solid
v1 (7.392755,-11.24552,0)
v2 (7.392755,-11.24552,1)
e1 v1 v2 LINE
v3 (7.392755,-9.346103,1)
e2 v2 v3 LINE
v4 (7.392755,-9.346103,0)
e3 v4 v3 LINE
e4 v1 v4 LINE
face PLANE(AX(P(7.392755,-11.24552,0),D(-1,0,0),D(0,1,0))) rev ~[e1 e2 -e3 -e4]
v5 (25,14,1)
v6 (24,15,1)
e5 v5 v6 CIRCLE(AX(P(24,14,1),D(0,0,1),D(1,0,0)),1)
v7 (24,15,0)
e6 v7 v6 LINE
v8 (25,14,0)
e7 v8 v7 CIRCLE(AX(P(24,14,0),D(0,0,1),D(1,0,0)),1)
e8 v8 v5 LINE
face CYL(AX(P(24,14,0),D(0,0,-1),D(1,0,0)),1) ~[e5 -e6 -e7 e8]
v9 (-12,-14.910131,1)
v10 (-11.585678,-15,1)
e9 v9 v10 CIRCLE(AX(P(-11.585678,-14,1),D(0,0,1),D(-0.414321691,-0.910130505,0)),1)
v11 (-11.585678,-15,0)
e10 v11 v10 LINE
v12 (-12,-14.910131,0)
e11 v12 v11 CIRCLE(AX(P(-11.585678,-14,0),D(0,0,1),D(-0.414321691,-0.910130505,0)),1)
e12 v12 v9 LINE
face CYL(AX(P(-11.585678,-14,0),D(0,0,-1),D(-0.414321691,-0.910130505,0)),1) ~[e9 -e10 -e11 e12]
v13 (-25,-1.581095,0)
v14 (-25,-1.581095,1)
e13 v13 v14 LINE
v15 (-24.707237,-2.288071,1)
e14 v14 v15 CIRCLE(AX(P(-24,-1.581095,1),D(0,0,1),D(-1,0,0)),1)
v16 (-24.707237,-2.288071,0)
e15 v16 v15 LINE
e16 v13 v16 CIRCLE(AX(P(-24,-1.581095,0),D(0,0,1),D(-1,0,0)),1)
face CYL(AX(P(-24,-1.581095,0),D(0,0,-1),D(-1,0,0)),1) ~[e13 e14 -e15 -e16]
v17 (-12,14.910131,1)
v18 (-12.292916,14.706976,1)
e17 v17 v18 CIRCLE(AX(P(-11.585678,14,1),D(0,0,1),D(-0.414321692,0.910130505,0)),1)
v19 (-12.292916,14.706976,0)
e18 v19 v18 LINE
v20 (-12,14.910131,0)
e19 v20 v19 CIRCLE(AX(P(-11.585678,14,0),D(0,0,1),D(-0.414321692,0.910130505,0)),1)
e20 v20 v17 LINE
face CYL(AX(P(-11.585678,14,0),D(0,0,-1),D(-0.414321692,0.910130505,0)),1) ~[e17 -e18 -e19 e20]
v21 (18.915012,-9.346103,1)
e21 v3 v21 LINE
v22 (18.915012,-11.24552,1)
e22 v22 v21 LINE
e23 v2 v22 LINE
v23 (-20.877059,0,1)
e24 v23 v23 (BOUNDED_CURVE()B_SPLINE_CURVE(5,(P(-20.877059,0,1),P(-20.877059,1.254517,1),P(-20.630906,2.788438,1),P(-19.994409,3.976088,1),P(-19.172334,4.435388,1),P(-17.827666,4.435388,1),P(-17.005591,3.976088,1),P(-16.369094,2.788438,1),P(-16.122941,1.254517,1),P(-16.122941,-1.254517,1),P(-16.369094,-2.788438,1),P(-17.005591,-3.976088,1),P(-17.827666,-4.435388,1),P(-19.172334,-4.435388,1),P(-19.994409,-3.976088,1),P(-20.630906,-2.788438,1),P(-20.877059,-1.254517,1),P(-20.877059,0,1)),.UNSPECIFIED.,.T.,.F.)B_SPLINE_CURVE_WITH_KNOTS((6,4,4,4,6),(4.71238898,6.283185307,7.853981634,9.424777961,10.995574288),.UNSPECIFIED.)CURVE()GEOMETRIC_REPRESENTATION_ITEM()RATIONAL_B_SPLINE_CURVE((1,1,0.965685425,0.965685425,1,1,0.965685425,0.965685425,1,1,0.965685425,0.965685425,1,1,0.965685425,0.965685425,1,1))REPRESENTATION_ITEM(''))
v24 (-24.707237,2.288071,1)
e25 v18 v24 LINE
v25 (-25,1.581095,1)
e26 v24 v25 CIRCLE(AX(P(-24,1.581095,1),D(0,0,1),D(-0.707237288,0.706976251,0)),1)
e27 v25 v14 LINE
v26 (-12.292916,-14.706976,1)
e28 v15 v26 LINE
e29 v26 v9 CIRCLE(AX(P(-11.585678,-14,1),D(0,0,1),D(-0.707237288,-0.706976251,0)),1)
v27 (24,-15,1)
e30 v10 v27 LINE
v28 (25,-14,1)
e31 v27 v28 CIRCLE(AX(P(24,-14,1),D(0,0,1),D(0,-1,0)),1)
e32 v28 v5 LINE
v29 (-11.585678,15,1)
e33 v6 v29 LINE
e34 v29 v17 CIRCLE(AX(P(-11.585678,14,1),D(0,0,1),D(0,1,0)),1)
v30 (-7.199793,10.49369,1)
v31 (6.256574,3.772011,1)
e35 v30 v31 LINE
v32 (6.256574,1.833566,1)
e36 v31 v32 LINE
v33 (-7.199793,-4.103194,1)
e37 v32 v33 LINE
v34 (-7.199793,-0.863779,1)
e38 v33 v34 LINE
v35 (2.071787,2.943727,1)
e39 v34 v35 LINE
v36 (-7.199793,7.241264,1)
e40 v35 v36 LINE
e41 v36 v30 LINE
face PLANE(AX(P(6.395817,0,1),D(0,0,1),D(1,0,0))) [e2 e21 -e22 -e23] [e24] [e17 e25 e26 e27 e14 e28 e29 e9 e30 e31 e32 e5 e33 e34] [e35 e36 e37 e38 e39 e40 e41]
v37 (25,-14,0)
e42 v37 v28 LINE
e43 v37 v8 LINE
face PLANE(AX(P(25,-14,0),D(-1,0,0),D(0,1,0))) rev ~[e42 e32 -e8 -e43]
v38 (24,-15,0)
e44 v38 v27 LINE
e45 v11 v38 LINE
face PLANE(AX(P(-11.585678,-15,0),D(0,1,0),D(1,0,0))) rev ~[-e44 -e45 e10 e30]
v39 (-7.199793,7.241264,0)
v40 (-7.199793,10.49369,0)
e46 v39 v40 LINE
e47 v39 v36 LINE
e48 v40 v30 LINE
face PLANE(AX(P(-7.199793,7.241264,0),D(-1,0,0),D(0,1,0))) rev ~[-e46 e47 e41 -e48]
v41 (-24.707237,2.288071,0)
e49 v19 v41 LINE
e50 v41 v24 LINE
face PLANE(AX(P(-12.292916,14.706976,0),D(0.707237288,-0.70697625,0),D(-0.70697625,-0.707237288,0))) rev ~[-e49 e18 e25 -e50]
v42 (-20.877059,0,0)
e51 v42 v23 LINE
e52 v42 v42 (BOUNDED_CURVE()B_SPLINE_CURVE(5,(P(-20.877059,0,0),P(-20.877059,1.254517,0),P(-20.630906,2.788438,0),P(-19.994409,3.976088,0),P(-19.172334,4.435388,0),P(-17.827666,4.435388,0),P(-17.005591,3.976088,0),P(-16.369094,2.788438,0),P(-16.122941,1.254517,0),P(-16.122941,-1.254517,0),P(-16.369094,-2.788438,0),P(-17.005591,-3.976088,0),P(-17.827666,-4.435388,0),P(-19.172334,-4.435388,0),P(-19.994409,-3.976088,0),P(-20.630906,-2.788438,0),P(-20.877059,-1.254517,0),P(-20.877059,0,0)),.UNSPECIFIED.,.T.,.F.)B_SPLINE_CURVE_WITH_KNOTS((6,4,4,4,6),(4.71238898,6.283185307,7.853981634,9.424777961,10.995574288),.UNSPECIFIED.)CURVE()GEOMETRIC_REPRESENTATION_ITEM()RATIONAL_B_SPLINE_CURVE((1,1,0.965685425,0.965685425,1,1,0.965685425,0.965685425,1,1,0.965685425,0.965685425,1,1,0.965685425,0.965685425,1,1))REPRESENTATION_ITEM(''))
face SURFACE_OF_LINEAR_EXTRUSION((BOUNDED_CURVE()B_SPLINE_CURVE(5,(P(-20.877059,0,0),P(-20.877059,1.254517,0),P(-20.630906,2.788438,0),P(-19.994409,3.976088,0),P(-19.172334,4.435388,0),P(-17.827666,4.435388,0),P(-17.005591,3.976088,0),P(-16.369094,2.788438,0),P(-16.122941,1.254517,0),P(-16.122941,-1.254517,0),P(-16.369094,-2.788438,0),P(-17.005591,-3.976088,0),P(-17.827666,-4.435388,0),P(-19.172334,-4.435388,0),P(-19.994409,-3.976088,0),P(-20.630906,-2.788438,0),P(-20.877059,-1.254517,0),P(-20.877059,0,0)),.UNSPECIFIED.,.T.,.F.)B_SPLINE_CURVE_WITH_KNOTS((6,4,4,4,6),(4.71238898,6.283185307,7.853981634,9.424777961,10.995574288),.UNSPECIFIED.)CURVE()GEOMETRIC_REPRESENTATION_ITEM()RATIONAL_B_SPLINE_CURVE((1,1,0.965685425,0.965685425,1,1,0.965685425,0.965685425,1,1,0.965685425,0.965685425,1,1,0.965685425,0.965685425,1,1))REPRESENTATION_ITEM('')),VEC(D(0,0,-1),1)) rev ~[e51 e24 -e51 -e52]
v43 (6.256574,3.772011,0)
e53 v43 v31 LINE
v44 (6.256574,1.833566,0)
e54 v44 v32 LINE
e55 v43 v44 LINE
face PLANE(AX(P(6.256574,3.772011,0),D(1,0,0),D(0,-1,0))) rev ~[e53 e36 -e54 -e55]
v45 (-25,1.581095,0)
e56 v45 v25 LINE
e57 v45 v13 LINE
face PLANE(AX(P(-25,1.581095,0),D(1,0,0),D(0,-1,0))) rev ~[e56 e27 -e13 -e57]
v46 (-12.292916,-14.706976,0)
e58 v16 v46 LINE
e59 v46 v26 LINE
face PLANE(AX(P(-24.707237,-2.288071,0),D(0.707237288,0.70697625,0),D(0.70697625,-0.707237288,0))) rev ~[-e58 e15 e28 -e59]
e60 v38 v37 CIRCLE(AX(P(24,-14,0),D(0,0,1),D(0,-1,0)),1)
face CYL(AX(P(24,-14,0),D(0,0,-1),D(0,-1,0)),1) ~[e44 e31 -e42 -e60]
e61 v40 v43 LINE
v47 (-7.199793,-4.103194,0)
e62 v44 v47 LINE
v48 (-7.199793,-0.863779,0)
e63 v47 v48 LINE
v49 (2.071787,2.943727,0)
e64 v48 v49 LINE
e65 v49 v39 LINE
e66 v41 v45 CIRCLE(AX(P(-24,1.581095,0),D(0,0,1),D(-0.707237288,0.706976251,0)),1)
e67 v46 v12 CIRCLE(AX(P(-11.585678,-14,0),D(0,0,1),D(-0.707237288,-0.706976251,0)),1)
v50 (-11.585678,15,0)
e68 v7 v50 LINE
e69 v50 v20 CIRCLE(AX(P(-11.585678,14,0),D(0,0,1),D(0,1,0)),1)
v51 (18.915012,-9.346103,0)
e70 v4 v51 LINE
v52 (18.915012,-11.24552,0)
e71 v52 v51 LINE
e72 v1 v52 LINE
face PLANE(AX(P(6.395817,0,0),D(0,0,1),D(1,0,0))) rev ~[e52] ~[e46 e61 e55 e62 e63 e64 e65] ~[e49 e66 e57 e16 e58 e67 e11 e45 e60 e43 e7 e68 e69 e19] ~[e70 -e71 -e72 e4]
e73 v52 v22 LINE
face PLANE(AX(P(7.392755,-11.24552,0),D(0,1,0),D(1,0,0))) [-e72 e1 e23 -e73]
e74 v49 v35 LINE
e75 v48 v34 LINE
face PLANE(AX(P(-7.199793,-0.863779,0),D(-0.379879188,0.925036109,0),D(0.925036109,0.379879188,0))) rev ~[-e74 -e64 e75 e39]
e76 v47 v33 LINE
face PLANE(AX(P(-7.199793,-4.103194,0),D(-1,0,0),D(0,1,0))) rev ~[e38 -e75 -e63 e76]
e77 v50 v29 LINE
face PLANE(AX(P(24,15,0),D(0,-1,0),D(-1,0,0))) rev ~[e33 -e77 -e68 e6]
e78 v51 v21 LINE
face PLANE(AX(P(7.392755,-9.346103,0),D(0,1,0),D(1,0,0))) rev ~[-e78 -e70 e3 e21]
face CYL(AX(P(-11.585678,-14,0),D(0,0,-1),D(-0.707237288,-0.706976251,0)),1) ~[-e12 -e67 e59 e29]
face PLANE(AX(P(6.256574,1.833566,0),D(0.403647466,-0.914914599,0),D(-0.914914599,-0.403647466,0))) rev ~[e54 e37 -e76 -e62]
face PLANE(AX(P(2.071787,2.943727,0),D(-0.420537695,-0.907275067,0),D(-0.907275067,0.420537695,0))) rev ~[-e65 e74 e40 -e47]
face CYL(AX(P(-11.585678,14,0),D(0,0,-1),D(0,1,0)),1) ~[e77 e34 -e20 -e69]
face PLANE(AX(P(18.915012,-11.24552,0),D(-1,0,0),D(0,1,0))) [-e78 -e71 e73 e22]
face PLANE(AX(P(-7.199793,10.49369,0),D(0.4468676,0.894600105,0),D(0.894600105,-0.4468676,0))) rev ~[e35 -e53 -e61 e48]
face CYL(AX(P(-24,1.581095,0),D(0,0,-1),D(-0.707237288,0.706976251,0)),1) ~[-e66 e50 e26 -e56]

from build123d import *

# Parameters (mm, degrees)
F0_W     = 11.5222578289
F0_H     = 1.8994162322
F1_DEPTH = 1


with BuildPart() as f1:
    # F0 (on Top) → F1 (new body)
    with BuildSketch(Plane.XY):
        with BuildLine():
            ThreePointArc((24, -15), (24.7071067812, -14.7071067812), (25, -14))
            Line((25, -14), (25, 14))
            ThreePointArc((25, 14), (24.7071067812, 14.7071067812), (24, 15))
            Line((24, 15), (-11.5856783083, 15))
            ThreePointArc((-11.5856783083, 15), (-11.7976564855, 14.9772743997), (-12, 14.9101305048))
            Line((-12, 14.9101305048), (-12, 0))
            Line((-12, 0), (-12, -14.9101305048))
            ThreePointArc((-12, -14.9101305048), (-11.7976564855, -14.9772743997), (-11.5856783083, -15))
            Line((-11.5856783083, -15), (24, -15))
        make_face()
        with Locations((13.1538834292, -10.2958114322)):
            Rectangle(F0_W, F0_H, mode=Mode.SUBTRACT)
        Polygon((-7.1997925663, -4.1031941271), (-7.1997925663, -0.8637787721), (2.0717871244, 2.9437268258), (-7.1997925663, 7.2412644654), (-7.1997925663, 10.4936895206), (6.2565740288, 3.7720110732), (6.2565740288, 1.8335657403), align=None, mode=Mode.SUBTRACT)
        with BuildLine():
            ThreePointArc((-12.2929155961, -14.7069762504), (-12.1555831678, -14.8217106857), (-12, -14.9101305048))
            Line((-12, -14.9101305048), (-12, 0))
            Line((-12, 0), (-16.1229410425, 0))
            add(Edge.make_bspline(
                [(-20.8770589575, 0), (-20.8770589575, -4.4353879057), (-18.5, -4.4353879057), (-16.1229410425, -4.4353879057), (-16.1229410425, 0)],
                knots=[1.5707963268, 1.5707963268, 1.5707963268, 3.1415926536, 3.1415926536, 4.7123889804, 4.7123889804, 4.7123889804], degree=2, weights=[1, 0.7071067812, 1, 0.7071067812, 1]))
            Line((-20.8770589575, 0), (-25, 0))
            Line((-25, 0), (-25, -1.5810945587))
            ThreePointArc((-25, -1.5810945587), (-24.9239148467, -1.963692724), (-24.7072372878, -2.2880708092))
            Line((-24.7072372878, -2.2880708092), (-12.2929155961, -14.7069762504))
        make_face()
        with BuildLine():
            Line((-12, 0), (-12, 14.9101305048))
            ThreePointArc((-12, 14.9101305048), (-12.1555831678, 14.8217106857), (-12.2929155961, 14.7069762504))
            Line((-12.2929155961, 14.7069762504), (-24.7072372878, 2.2880708092))
            ThreePointArc((-24.7072372878, 2.2880708092), (-24.9239148467, 1.963692724), (-25, 1.5810945587))
            Line((-25, 1.5810945587), (-25, 0))
            Line((-25, 0), (-20.8770589575, 0))
            add(Edge.make_bspline(
                [(-18.5, 4.4353879057), (-20.8770589575, 4.4353879057), (-20.8770589575, 0)],
                knots=[0, 0, 0, 1.5707963268, 1.5707963268, 1.5707963268], degree=2, weights=[1, 0.7071067812, 1]))
            add(Edge.make_bspline(
                [(-16.1229410425, 0), (-16.1229410425, 4.4353879057), (-18.5, 4.4353879057)],
                knots=[4.7123889804, 4.7123889804, 4.7123889804, 6.2831853072, 6.2831853072, 6.2831853072], degree=2, weights=[1, 0.7071067812, 1]))
            Line((-16.1229410425, 0), (-12, 0))
        make_face()
    extrude(amount=F1_DEPTH)


solid = f1.part
